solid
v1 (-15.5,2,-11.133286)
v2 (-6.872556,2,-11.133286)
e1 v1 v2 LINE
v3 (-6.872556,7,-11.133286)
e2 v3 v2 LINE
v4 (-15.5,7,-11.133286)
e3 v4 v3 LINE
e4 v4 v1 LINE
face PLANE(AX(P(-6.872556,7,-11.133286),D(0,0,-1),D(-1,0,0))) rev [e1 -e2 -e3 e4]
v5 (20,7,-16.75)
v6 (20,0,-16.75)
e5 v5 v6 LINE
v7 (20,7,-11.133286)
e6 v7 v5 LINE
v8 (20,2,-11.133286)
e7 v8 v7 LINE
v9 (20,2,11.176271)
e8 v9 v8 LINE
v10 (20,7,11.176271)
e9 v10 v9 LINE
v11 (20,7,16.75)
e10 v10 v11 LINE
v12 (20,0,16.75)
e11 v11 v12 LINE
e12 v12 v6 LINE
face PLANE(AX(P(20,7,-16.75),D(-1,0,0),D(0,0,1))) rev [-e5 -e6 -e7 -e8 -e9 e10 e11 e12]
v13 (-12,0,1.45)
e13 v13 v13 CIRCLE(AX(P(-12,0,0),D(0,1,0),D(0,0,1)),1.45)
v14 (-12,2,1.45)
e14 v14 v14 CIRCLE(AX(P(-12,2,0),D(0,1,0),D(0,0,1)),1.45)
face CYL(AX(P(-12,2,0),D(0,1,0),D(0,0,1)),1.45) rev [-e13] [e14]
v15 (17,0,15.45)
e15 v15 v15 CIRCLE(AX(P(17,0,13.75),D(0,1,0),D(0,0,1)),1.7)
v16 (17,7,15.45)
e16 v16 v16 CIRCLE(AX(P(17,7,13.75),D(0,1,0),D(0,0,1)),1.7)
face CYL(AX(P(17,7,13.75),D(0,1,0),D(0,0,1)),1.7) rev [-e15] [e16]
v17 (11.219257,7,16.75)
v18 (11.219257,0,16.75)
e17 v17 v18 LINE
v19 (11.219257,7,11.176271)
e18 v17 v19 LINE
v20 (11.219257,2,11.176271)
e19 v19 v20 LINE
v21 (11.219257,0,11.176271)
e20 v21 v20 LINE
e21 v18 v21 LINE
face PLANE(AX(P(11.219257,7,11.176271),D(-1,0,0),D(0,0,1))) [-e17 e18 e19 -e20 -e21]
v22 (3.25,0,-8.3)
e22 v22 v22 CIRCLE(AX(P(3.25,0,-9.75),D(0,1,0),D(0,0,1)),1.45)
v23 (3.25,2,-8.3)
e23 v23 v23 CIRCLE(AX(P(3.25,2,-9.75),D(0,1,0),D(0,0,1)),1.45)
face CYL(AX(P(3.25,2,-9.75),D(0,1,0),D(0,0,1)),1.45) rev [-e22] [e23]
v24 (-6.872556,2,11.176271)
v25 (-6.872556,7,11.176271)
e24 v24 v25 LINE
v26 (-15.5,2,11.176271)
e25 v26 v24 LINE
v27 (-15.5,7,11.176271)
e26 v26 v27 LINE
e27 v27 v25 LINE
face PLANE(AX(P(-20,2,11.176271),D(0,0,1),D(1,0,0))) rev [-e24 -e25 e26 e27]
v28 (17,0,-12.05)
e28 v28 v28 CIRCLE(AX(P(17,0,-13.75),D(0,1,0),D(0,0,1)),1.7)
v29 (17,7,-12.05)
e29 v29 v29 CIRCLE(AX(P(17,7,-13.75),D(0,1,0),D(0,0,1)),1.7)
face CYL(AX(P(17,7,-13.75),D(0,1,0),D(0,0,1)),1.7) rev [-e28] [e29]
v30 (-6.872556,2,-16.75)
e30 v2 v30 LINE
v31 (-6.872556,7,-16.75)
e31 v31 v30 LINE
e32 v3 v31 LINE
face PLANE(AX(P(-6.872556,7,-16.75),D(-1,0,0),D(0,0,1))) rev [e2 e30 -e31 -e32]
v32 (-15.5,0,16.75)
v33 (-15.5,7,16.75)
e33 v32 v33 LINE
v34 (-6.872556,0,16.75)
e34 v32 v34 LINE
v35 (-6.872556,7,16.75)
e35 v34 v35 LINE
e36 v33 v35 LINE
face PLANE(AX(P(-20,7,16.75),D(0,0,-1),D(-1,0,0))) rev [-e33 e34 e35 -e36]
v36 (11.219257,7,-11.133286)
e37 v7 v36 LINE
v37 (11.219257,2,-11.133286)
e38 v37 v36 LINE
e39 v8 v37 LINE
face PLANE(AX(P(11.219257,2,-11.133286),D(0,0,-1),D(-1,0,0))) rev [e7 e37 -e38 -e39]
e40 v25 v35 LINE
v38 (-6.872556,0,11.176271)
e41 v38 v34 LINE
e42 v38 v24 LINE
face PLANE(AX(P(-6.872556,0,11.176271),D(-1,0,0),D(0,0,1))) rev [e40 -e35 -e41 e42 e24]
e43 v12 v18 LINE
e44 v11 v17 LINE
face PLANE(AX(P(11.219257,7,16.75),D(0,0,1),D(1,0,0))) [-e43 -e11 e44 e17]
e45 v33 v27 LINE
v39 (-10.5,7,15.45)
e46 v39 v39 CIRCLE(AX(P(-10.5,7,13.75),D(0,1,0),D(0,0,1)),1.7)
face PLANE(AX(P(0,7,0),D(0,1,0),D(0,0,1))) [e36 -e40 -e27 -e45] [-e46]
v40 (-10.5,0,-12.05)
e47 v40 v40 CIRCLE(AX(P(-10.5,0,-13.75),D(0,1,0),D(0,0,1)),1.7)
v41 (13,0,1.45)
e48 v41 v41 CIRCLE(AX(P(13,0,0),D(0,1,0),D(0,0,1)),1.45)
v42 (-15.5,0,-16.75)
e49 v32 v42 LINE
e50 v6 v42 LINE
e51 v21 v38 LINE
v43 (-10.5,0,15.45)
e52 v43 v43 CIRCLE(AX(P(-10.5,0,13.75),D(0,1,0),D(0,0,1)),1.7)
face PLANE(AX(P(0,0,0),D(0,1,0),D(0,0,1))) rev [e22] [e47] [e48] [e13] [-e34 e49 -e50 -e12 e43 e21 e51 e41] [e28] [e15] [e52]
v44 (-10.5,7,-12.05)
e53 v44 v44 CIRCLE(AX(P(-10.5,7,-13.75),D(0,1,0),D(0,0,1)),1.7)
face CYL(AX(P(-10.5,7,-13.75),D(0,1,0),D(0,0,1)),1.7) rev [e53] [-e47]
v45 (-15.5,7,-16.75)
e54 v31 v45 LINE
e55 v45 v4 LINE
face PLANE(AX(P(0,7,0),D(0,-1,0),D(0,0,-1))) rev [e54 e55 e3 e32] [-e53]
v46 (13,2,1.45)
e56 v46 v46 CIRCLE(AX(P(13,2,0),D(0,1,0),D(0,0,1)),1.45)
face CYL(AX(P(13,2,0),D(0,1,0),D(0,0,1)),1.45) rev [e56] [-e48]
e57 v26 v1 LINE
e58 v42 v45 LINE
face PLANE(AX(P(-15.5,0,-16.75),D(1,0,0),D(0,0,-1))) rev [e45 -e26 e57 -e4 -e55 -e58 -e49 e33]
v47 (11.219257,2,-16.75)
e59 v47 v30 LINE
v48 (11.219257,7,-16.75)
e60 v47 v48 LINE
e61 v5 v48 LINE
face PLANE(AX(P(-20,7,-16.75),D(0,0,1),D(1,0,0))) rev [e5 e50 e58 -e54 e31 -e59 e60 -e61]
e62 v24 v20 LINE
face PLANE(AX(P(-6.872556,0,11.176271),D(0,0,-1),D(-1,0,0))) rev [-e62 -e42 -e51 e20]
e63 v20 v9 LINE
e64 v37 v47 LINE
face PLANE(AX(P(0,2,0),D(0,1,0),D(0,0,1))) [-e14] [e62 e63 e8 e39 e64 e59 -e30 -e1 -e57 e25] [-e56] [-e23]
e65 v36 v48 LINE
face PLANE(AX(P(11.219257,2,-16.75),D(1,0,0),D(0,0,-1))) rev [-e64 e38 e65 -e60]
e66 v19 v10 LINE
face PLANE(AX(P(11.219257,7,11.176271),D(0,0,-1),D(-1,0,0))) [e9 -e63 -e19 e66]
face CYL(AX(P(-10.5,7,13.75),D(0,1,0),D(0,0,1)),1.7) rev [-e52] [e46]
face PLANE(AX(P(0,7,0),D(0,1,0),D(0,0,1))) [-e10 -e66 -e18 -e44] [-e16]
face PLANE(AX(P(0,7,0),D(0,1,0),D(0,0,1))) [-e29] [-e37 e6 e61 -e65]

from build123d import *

# Parameters (mm, degrees)
SKETCH1_W              = 40
SKETCH1_H              = 33.5
BOSS_EXTRUDE1_DEPTH    = 7
M3_CLEARANCE_HOLE1_D   = 3.4
SKETCH4_W              = 31.219256934
SKETCH4_H              = 27.926271275
CUT_EXTRUDE1_DEPTH     = 5
SKETCH5_W              = 8.780743066
SKETCH5_H              = 22.309556891
CUT_EXTRUDE2_DEPTH     = 5
M2_5_CLEARANCE_HOLE2_D = 2.9
SKETCH12_W             = 26.872555909
SKETCH12_H             = 5.573728725
CUT_EXTRUDE4_DEPTH     = 8
SKETCH13_W             = 8.780743066
SKETCH13_H             = 5.573728725
BOSS_EXTRUDE2_DEPTH    = 7
SKETCH14_W             = 13.127444091
SKETCH14_H             = 5.616714384
BOSS_EXTRUDE3_DEPTH    = 5
M3_CLEARANCE_HOLE2_D   = 3.4
SKETCH17_W             = 4.5
SKETCH17_H             = 33.5
CUT_EXTRUDE5_DEPTH     = 8


with BuildPart() as part:
    # Sketch1 → Boss-Extrude1 (new body)
    with BuildSketch(Plane(origin=(0, 0, 0), x_dir=(1, 0, 0), z_dir=(0, 1, 0))):
        Rectangle(SKETCH1_W, SKETCH1_H)
    extrude(amount=BOSS_EXTRUDE1_DEPTH)

    # M3 Clearance Hole1 (through all)
    with Locations(Plane(origin=(-10.5, 7, 13.75), x_dir=(0, 0, 1), z_dir=(0, 1, 0))):
        with Locations((0, 0), (-27.5, 27.5)):
            Hole(M3_CLEARANCE_HOLE1_D / 2)

    # Sketch4 → Cut-Extrude1 (cut)
    with BuildSketch(Plane(origin=(0, 7, 0), x_dir=(1, 0, 0), z_dir=(0, 1, 0))):
        with Locations((-4.390371533, 2.786864362)):
            Rectangle(SKETCH4_W, SKETCH4_H)
    extrude(amount=-CUT_EXTRUDE1_DEPTH, mode=Mode.SUBTRACT)

    # Sketch5 → Cut-Extrude2 (cut)
    with BuildSketch(Plane(origin=(0, 7, 0), x_dir=(1, 0, 0), z_dir=(0, 1, 0))):
        with Locations((15.609628467, -0.02149283)):
            Rectangle(SKETCH5_W, SKETCH5_H)
    extrude(amount=-CUT_EXTRUDE2_DEPTH, mode=Mode.SUBTRACT)

    # M2.5 Clearance Hole2 (through all)
    with Locations(Plane(origin=(-12, 2, 0), x_dir=(0, 0, 1), z_dir=(0, 1, 0))):
        with Locations((0, 0), (0, 25), (-9.75, 15.25)):
            Hole(M2_5_CLEARANCE_HOLE2_D / 2)

    # Sketch12 → Cut-Extrude4 (cut, through all)
    with BuildSketch(Plane(origin=(0, 7, 0), x_dir=(1, 0, 0), z_dir=(0, 1, 0))):
        with Locations((6.563722045, -13.963135638)):
            Rectangle(SKETCH12_W, SKETCH12_H)
    extrude(amount=-CUT_EXTRUDE4_DEPTH, mode=Mode.SUBTRACT)

    # Sketch13 → Boss-Extrude2 (add)
    with BuildSketch(Plane.XZ):
        with Locations((15.609628467, 13.963135638)):
            Rectangle(SKETCH13_W, SKETCH13_H)
    extrude(amount=-BOSS_EXTRUDE2_DEPTH)

    # Sketch14 → Boss-Extrude3 (add)
    with BuildSketch(Plane(origin=(0, 2, 0), x_dir=(1, 0, 0), z_dir=(0, 1, 0))):
        with Locations((-13.436277954, 13.941642808)):
            Rectangle(SKETCH14_W, SKETCH14_H)
    extrude(amount=BOSS_EXTRUDE3_DEPTH)

    # M3 Clearance Hole2 (through all)
    with Locations(Plane(origin=(0, 7, 0), x_dir=(1, 0, 0), z_dir=(0, 1, 0))):
        with Locations((-10.5, 13.75), (17, -13.75)):
            Hole(M3_CLEARANCE_HOLE2_D / 2)

    # Sketch17 → Cut-Extrude5 (cut, through all)
    with BuildSketch(Plane(origin=(0, 7, 0), x_dir=(1, 0, 0), z_dir=(0, 1, 0))):
        with Locations((-17.75, 0)):
            Rectangle(SKETCH17_W, SKETCH17_H)
    extrude(amount=-CUT_EXTRUDE5_DEPTH, mode=Mode.SUBTRACT)


solid = part.part
